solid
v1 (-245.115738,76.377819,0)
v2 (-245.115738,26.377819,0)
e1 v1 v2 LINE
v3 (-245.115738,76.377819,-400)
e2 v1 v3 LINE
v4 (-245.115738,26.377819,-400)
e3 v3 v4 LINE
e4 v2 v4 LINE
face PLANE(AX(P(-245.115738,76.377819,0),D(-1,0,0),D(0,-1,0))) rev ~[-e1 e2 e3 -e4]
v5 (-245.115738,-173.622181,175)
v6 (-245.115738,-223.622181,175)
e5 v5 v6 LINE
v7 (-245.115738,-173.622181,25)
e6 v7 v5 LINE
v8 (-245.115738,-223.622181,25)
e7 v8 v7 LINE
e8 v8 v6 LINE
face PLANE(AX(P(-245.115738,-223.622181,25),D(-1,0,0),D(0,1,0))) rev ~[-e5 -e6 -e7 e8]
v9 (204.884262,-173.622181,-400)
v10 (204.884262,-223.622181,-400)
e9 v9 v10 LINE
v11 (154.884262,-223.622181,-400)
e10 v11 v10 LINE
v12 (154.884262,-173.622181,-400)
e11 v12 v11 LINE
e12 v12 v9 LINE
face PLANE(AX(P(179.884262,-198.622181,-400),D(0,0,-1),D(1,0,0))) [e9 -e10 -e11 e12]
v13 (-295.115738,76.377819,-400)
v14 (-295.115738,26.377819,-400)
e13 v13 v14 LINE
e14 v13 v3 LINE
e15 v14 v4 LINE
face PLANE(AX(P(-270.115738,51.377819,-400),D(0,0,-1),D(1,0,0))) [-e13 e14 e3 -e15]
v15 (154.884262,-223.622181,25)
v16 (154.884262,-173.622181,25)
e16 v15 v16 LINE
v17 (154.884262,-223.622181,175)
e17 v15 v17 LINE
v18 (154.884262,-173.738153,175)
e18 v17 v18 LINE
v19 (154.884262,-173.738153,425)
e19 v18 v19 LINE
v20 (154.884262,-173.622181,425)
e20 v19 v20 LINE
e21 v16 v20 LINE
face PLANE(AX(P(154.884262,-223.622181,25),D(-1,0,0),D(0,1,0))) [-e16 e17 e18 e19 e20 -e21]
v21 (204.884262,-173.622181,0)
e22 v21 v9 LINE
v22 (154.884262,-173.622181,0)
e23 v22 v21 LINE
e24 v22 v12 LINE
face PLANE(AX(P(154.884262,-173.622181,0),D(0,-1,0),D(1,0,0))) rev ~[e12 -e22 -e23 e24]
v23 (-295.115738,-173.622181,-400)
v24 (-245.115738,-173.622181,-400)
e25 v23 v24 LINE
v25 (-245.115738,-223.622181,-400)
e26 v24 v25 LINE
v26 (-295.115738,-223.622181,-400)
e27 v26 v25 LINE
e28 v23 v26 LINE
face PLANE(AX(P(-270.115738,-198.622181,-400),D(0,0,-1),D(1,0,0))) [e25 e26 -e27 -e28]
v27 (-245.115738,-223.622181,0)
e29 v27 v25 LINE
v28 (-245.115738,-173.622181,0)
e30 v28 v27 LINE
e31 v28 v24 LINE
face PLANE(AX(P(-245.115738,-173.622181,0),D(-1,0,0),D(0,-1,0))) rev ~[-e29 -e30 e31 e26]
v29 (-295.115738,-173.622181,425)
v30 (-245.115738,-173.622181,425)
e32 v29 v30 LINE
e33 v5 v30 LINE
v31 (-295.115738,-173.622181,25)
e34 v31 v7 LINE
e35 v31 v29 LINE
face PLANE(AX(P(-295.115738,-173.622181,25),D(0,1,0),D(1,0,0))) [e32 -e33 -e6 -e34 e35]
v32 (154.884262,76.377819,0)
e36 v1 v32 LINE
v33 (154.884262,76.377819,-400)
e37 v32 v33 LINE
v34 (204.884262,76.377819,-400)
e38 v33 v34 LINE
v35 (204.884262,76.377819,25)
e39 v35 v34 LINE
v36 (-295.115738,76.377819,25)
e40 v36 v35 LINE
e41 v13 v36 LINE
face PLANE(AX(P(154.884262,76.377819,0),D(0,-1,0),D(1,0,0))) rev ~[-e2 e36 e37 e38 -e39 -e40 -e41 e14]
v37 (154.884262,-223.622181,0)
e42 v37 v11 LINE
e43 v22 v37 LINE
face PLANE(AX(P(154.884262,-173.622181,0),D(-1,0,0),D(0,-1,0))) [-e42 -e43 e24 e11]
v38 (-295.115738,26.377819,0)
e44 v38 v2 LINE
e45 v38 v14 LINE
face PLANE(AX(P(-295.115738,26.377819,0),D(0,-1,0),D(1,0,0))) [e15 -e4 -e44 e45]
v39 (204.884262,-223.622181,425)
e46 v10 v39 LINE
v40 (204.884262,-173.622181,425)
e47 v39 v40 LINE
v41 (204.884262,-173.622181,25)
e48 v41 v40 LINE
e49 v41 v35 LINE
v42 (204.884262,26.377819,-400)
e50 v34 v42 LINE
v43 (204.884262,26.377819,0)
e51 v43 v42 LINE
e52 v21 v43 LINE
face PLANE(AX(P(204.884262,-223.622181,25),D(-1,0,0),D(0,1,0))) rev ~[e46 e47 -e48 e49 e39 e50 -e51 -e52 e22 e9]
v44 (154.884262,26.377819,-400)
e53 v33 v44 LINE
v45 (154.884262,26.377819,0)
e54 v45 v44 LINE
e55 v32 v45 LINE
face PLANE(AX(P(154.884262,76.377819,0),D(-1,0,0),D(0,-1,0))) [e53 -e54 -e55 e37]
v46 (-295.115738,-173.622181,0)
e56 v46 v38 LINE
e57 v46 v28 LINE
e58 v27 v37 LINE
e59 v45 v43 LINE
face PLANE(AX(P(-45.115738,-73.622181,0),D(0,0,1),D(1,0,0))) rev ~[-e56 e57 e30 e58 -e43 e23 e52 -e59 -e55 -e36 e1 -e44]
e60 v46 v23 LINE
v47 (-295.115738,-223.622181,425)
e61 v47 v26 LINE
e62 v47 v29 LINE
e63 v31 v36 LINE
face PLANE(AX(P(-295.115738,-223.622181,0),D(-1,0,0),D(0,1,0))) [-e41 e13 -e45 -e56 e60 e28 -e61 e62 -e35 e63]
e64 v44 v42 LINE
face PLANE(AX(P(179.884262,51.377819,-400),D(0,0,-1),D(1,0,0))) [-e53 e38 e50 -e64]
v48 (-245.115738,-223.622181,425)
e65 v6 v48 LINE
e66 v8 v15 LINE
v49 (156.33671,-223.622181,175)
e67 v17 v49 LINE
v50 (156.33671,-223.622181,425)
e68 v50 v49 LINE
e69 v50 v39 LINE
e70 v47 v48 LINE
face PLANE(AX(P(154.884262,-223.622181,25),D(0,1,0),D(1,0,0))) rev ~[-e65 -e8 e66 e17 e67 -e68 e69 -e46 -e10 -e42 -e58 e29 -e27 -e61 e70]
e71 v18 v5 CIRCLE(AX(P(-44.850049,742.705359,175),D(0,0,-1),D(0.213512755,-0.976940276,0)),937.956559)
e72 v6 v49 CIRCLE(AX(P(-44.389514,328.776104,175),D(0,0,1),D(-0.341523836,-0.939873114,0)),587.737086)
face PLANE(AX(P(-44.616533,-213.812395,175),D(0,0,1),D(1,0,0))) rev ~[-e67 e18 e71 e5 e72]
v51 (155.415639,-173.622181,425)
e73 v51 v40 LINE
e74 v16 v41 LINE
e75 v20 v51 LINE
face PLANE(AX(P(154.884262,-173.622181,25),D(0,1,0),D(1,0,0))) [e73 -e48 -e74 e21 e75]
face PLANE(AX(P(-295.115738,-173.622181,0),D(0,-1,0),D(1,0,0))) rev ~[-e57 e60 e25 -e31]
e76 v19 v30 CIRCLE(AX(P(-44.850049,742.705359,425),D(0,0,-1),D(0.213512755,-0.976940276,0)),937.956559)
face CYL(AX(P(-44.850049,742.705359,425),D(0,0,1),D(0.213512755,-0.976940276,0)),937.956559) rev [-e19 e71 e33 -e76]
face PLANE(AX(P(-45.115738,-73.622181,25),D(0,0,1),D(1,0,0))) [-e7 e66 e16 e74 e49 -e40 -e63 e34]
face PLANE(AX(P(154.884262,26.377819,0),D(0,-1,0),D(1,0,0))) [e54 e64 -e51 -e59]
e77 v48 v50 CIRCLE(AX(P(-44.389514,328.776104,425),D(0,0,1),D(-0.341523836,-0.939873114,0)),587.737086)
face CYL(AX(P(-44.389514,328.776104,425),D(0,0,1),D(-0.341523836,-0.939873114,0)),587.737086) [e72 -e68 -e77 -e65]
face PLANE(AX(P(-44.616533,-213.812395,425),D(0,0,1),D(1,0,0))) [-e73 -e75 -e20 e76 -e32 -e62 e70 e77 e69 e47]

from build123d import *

# Parameters (mm, degrees)
F0_W     = 500
F0_H     = 300
F1_DEPTH = 25
F2_W     = 50
F2_H     = 50
F3_DEPTH = 400
F4_W     = 50
F4_H     = 50
F5_DEPTH = 400
F7_DEPTH = 250


with BuildPart() as f1:
    # F0 (on Top) → F1 (new body)
    with BuildSketch(Plane.XY):
        with Locations((-45.115738, -73.622181)):
            Rectangle(F0_W, F0_H)
    extrude(amount=F1_DEPTH)

    # F2 (on face) → F3 (join)
    with BuildSketch(Plane(origin=(0, 0, 0), x_dir=(1, 0, 0), z_dir=(0, 0, -1))):
        with Locations((179.884262, -51.377819)):
            Rectangle(F2_W, F2_H)
        with Locations((179.884262, 198.622181)):
            Rectangle(F2_W, F2_H)
        with Locations((-270.115738, -51.377819)):
            Rectangle(F2_W, F2_H)
        with Locations((-270.115738, 198.622181)):
            Rectangle(F2_W, F2_H)
    extrude(amount=F3_DEPTH)

    # F4 (on face) → F5 (join)
    with BuildSketch(Plane.XY.offset(25)):
        with Locations((179.884262, -198.622181)):
            Rectangle(F4_W, F4_H)
        with Locations((-270.115738, -198.622181)):
            Rectangle(F4_W, F4_H)
    extrude(amount=F5_DEPTH)

    # F6 (on face) → F7 (join)
    with BuildSketch(Plane.XY.offset(425)):
        with BuildLine():
            Line((-245.115738, -173.622181), (-245.115738, -223.622181))
            ThreePointArc((-245.115738, -223.622181), (-44.389514, -258.960982), (156.33671, -223.622181))
            Line((156.33671, -223.622181), (155.415639, -173.622181))
            ThreePointArc((155.415639, -173.622181), (-44.850049, -195.2512), (-245.115738, -173.622181))
        make_face()
    extrude(amount=-F7_DEPTH)


solid = f1.part
